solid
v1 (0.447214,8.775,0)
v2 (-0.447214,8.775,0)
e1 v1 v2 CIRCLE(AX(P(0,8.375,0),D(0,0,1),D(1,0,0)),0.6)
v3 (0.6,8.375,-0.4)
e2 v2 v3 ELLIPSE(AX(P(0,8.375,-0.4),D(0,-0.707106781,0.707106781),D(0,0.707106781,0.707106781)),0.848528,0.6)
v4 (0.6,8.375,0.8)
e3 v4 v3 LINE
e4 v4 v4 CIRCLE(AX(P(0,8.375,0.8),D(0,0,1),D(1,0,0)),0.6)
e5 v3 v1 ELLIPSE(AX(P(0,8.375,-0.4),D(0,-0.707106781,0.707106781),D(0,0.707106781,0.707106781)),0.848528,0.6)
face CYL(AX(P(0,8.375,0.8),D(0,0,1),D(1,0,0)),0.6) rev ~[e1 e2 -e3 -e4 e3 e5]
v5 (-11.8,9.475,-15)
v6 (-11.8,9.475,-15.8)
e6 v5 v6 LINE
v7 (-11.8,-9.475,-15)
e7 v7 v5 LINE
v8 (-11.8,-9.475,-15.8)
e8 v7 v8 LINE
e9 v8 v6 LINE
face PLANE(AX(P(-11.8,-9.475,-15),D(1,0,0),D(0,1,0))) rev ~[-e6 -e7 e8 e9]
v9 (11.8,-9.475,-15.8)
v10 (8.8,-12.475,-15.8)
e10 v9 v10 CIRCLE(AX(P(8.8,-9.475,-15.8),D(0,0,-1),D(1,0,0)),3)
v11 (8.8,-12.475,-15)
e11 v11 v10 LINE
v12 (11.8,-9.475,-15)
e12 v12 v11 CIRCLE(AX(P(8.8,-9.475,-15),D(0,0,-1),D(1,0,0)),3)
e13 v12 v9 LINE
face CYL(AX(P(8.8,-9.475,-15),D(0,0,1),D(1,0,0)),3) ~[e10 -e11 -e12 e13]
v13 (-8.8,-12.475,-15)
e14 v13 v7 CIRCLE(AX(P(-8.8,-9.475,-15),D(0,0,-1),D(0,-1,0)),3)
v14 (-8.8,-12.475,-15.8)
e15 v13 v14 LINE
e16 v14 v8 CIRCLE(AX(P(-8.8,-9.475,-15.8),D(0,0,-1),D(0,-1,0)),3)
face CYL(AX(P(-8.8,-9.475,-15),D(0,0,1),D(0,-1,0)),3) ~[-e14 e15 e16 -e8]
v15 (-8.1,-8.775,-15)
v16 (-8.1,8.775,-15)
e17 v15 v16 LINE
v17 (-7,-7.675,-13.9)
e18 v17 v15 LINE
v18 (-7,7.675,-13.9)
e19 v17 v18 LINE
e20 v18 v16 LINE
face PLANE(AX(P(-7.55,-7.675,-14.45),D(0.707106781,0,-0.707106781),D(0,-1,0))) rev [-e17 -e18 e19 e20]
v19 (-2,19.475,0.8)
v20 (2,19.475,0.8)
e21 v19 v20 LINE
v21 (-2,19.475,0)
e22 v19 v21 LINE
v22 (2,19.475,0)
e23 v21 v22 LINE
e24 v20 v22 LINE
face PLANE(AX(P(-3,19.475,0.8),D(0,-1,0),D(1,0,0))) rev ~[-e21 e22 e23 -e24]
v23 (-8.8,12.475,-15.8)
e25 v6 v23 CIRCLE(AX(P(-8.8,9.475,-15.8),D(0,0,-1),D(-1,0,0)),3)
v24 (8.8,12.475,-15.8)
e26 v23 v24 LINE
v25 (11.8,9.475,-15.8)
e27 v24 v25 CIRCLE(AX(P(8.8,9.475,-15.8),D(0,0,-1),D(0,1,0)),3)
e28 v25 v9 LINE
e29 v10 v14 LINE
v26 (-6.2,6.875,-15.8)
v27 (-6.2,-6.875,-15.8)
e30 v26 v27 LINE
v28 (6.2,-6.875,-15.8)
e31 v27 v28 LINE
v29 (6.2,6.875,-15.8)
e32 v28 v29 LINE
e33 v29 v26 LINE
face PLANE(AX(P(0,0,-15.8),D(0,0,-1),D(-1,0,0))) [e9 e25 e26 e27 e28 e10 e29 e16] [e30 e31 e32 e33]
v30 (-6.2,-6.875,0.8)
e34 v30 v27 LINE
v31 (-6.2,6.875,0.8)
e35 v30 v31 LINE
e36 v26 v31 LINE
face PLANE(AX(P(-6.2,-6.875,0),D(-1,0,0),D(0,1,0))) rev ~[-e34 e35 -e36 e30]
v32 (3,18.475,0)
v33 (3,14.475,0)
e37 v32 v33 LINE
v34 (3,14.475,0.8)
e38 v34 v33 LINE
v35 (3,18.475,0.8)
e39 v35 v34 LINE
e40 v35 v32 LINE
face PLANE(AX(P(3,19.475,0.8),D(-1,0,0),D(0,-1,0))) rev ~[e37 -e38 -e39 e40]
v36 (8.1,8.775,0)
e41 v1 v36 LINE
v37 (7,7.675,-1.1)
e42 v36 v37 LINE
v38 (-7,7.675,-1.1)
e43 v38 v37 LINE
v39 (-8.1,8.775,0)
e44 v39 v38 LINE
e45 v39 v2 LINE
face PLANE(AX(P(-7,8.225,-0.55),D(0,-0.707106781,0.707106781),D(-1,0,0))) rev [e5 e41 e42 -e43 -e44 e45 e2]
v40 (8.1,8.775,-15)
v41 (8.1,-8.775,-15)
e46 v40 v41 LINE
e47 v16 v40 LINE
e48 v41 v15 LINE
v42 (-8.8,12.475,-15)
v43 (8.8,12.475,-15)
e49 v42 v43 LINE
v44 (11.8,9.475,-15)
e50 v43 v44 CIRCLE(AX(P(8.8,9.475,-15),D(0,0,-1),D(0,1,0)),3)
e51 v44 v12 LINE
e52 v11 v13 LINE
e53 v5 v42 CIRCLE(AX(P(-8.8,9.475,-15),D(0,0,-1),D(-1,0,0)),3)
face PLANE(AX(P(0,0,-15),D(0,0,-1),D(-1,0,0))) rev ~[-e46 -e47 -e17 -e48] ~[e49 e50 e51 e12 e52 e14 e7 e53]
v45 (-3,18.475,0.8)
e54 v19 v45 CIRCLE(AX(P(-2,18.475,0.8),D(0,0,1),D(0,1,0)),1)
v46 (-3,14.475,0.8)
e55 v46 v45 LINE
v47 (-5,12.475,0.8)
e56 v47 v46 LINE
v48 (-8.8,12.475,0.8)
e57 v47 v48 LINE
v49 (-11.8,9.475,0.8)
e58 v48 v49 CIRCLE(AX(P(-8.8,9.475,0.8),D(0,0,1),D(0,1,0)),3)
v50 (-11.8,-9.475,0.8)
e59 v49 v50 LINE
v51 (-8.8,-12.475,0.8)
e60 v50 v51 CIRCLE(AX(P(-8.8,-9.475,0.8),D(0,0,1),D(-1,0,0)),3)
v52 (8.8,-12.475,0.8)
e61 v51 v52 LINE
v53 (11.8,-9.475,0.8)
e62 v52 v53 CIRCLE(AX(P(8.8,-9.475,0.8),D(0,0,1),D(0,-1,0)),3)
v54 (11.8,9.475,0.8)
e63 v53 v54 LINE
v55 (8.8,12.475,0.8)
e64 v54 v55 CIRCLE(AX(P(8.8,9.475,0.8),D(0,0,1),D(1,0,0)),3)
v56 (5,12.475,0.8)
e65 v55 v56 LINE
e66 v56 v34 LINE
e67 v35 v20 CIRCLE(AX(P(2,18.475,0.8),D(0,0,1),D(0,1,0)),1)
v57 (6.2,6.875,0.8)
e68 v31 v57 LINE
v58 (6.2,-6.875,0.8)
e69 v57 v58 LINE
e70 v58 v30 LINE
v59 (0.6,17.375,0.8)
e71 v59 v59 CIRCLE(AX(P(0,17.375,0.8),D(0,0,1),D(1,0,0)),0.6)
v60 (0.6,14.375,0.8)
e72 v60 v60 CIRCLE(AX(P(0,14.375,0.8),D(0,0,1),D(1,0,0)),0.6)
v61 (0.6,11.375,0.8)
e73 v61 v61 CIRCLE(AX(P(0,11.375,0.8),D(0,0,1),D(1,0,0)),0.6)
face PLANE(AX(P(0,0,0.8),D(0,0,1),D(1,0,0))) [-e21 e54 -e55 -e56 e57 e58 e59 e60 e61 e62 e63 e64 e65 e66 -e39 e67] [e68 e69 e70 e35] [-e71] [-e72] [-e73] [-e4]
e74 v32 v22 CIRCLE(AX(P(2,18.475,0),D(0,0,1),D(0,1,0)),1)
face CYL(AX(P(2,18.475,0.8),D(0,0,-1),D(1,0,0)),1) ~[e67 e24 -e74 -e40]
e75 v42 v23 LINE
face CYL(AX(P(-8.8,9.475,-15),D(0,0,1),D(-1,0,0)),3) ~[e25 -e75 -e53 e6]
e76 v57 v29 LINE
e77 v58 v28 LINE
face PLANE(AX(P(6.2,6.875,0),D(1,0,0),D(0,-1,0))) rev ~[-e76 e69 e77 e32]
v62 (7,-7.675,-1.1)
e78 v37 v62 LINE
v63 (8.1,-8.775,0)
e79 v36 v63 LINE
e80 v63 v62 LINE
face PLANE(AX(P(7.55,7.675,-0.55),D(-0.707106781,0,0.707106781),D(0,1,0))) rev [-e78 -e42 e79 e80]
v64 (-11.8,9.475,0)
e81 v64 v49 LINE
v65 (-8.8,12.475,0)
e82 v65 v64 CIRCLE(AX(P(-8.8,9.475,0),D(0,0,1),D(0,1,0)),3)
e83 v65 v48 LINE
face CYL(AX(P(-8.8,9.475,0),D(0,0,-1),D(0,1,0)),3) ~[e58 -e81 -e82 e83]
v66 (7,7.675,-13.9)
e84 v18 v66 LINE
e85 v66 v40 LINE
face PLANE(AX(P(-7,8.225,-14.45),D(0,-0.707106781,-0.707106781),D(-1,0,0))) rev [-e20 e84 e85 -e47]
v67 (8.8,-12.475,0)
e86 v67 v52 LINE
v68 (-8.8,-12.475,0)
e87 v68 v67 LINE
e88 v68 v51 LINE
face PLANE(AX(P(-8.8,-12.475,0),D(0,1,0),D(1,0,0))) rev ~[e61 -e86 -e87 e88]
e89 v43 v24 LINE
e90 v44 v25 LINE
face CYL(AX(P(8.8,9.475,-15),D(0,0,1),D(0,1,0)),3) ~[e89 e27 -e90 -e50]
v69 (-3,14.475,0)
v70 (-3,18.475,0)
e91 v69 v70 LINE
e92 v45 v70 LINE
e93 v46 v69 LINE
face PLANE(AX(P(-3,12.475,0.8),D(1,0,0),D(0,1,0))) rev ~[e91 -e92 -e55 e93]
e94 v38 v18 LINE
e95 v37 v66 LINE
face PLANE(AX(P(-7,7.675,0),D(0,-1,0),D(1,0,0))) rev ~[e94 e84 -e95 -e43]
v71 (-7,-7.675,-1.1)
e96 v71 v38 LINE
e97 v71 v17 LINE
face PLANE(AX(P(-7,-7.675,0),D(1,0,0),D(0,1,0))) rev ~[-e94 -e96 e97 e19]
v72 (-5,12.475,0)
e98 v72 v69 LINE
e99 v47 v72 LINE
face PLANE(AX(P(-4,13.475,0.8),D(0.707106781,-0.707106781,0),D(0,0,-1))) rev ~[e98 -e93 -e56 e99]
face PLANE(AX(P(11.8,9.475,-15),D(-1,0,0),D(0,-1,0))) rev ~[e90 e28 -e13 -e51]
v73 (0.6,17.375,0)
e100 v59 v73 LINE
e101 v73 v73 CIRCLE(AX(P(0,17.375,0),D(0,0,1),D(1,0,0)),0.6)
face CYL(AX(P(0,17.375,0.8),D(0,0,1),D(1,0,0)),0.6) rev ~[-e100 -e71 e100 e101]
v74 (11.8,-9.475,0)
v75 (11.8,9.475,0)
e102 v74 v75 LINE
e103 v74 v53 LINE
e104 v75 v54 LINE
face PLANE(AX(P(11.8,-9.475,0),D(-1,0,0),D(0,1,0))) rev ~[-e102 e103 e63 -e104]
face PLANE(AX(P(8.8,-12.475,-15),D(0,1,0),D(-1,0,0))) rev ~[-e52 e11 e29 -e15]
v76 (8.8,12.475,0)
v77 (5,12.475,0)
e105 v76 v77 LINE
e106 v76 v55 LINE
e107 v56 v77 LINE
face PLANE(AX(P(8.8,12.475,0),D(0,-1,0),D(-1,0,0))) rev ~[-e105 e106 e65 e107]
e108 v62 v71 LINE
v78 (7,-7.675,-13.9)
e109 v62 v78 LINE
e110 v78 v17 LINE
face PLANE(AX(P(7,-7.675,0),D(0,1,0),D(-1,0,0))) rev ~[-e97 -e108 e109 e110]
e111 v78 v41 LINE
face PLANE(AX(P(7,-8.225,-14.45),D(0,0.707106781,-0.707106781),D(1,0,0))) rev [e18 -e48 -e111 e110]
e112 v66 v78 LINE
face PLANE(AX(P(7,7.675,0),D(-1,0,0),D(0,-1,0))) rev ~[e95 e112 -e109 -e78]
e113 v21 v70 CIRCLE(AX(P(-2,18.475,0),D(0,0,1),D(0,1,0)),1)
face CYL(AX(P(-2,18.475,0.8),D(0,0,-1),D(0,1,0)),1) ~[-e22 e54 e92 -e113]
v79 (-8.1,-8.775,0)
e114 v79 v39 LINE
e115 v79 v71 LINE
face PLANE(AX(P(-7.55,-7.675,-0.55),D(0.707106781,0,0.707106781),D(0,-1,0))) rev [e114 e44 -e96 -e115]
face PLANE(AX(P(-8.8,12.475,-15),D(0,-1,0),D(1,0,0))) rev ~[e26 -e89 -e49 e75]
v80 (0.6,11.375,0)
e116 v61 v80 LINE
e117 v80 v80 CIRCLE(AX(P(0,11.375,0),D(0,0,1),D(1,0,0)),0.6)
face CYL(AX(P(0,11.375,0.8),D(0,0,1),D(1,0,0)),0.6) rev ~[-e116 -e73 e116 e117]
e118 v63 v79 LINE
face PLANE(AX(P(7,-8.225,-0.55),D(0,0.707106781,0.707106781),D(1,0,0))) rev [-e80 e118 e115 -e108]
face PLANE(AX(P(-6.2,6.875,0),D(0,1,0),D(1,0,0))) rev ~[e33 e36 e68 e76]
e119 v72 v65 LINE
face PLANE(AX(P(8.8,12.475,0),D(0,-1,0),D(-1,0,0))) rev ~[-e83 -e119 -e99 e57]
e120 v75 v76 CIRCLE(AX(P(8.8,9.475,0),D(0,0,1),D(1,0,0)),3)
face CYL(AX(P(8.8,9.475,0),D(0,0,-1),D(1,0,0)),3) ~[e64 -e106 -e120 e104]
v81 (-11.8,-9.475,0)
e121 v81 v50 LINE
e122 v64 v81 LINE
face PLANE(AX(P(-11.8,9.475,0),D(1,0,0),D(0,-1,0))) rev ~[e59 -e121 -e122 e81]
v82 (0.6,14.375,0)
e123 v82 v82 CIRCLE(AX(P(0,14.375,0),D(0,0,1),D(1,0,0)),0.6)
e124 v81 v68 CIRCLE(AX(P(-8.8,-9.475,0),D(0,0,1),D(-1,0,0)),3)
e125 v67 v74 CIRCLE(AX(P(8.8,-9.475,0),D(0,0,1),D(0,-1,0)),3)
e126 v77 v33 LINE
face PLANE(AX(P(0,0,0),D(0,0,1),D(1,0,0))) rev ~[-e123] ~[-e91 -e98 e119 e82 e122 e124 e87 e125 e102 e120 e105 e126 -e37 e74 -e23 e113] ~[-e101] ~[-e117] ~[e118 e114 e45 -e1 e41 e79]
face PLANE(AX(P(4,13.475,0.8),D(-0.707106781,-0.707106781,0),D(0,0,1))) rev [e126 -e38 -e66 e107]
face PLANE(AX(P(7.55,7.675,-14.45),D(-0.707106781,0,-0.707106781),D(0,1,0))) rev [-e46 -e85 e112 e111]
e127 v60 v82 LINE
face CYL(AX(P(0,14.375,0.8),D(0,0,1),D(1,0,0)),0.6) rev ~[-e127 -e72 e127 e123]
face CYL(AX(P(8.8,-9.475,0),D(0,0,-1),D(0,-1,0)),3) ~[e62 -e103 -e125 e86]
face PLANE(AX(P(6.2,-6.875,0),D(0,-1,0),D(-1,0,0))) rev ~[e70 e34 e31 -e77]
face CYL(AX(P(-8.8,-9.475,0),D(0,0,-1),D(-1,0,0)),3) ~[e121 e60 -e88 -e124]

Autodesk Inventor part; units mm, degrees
ref_plane "YZ Plane" through (0, 0, 0) normal (1, 0, 0) x (0, 1, 0)
ref_plane "XZ Plane" through (0, 0, 0) normal (0, 1, 0) x (-1, 0, 0)
ref_plane "XY Plane" through (0, 0, 0) normal (0, 0, 1) x (1, 0, 0)
sketch "Sketch1" plane through (0, 0, 0) normal (0, 0, 1) x (1, 0, 0)
  line L0 (-6.2, 6.875) -> (6.2, 6.875)
  line L1 (6.2, 6.875) -> (6.2, -6.875)
  line L2 (6.2, -6.875) -> (-6.2, -6.875)
  line L3 (-6.2, -6.875) -> (-6.2, 6.875)
  line L4 (8.8, 12.475) -> (-8.8, 12.475)
  line L5 (-11.8, 9.475) -> (-11.8, -9.475)
  line L6 (-8.8, -12.475) -> (8.8, -12.475)
  line L7 (11.8, -9.475) -> (11.8, 9.475)
  arc A0 (-8.8, 12.475) -> (-11.8, 9.475) centre (-8.8, 9.475) ccw
  arc A1 (11.8, 9.475) -> (8.8, 12.475) centre (8.8, 9.475) ccw
  arc A2 (8.8, -12.475) -> (11.8, -9.475) centre (8.8, -9.475) ccw
  arc A3 (-11.8, -9.475) -> (-8.8, -12.475) centre (-8.8, -9.475) ccw
  point P0 (0, 0)
  dimension "d0" = 12.4
  dimension "d1" = 13.75
  dimension "d2" = 5.6
  dimension "d3" = 3
  dimension "d4" = 6.875
  dimension "d5" = 6.2
  dimension "d16" = 23.6
  dimension "d17" = 24.95
extrude "Extrusion1" add sketch "Sketch1" along normal blind 0.8
sketch "Sketch3" plane through (0, 0, 0) normal (0, 0, -1) x (-1, 0, 0)
  line L0 (-6.2, -6.875) -> (-6.2, 6.875) projected
  line L1 (-6.2, 6.875) -> (6.2, 6.875) projected
  line L2 (6.2, 6.875) -> (6.2, -6.875) projected
  line L3 (6.2, -6.875) -> (-6.2, -6.875) projected
  line L4 (8.8, 12.475) -> (-8.8, 12.475) projected
  arc A0 (-8.8, 12.475) -> (-11.8, 9.475) centre (-8.8, 9.475) ccw projected
  line L5 (-11.8, 9.475) -> (-11.8, -9.475) projected
  arc A1 (-11.8, -9.475) -> (-8.8, -12.475) centre (-8.8, -9.475) ccw projected
  line L6 (-8.8, -12.475) -> (8.8, -12.475) projected
  arc A2 (8.8, -12.475) -> (11.8, -9.475) centre (8.8, -9.475) ccw projected
  line L7 (11.8, -9.475) -> (11.8, 9.475) projected
  arc A3 (11.8, 9.475) -> (8.8, 12.475) centre (8.8, 9.475) ccw projected
  line L8 (7, -7.675) -> (7, 7.675)
  line L9 (7, 7.675) -> (-7, 7.675)
  line L10 (-7, 7.675) -> (-7, -7.675)
  line L11 (-7, -7.675) -> (7, -7.675)
  point P0 (0, 0)
  dimension "d11" = 0.8
extrude "Extrusion2" add sketch "Sketch3" along normal blind 15 contours L11 L10 L9 L8
sketch "Sketch4" plane through (0, 0, -15) normal (0, 0, -1) x (-1, 0, 0)
  line L0 (7, -7.675) -> (-7, -7.675) projected
  line L1 (-7, -7.675) -> (-7, 7.675) projected
  line L2 (-7, 7.675) -> (7, 7.675) projected
  line L3 (7, 7.675) -> (7, -7.675) projected
  line L4 (8.8, 12.475) -> (-8.8, 12.475) projected
  arc A0 (-8.8, 12.475) -> (-11.8, 9.475) centre (-8.8, 9.475) ccw projected
  line L5 (-11.8, 9.475) -> (-11.8, -9.475) projected
  arc A1 (-11.8, -9.475) -> (-8.8, -12.475) centre (-8.8, -9.475) ccw projected
  line L6 (-8.8, -12.475) -> (8.8, -12.475) projected
  arc A2 (8.8, -12.475) -> (11.8, -9.475) centre (8.8, -9.475) ccw projected
  line L7 (11.8, -9.475) -> (11.8, 9.475) projected
  arc A3 (11.8, 9.475) -> (8.8, 12.475) centre (8.8, 9.475) ccw projected
  line L8 (-6.2, 6.875) -> (6.2, 6.875) projected
  line L9 (6.2, 6.875) -> (6.2, -6.875) projected
  line L10 (6.2, -6.875) -> (-6.2, -6.875) projected
  line L11 (-6.2, -6.875) -> (-6.2, 6.875) projected
  line L12 (7, -7.675) -> (7, 7.675) projected
  line L13 (7, 7.675) -> (-7, 7.675) projected
  line L14 (-7, 7.675) -> (-7, -7.675) projected
  line L15 (-7, -7.675) -> (7, -7.675) projected
  point P0 (0, 0)
extrude "Extrusion3" add sketch "Sketch4" along normal blind 0.8 contours L0 L1 L2 L3 | A3 L7 A2 L6 A1 L5 A0 L4
chamfer "Chamfer1" distance 1.1 angle 45 8 edges at (7, 0, 0) (0, -7.675, 0) (0, 7.675, 0) (-7, 0, 0) (-7, 0, -15) (0, 7.675, -15) (0, -7.675, -15) (7, 0, -15)
sketch "Sketch5" plane through (0, 0, 0.8) normal (0, 0, 1) x (1, 0, 0)
  circle A0 centre (0, 8.375) radius 0.6
  line L0 (-6.2, 6.875) -> (6.2, 6.875) projected
  line L1 (11.8, -9.475) -> (11.8, 9.475) projected
  line L2 (-11.8, 9.475) -> (-11.8, -9.475) projected
  line L3 (6.2, 6.875) -> (6.2, -6.875) projected
  line L4 (6.2, -6.875) -> (-6.2, -6.875) projected
  line L5 (-6.2, -6.875) -> (-6.2, 6.875) projected
  line L6 (-6.2, 6.875) -> (6.2, 6.875) projected
  line L7 (8.8, 12.475) -> (-8.8, 12.475) projected
  arc A1 (-8.8, 12.475) -> (-11.8, 9.475) centre (-8.8, 9.475) ccw projected
  line L8 (-11.8, 9.475) -> (-11.8, -9.475) projected
  arc A2 (-11.8, -9.475) -> (-8.8, -12.475) centre (-8.8, -9.475) ccw projected
  line L9 (-8.8, -12.475) -> (8.8, -12.475) projected
  arc A3 (8.8, -12.475) -> (11.8, -9.475) centre (8.8, -9.475) ccw projected
  line L10 (11.8, -9.475) -> (11.8, 9.475) projected
  arc A4 (11.8, 9.475) -> (8.8, 12.475) centre (8.8, 9.475) ccw projected
  line L11 (-8.8, 12.475) -> (8.8, 12.475) projected
  line L12 (3, 12.475) -> (-3, 12.475)
  line L13 (-3, 12.475) -> (-3, 19.475)
  line L14 (-3, 19.475) -> (3, 19.475)
  line L15 (3, 19.475) -> (3, 12.475)
  circle A5 centre (0, 11.375) radius 0.6
  circle A6 centre (0, 14.375) radius 0.6
  circle A7 centre (0, 17.375) radius 0.6
  point P0 (0, 0)
  dimension "d21" = 1.2
  dimension "d22" = 1.5
  dimension "d23" = 11.8
  dimension "d24" = 23.6
  dimension "d27" = 6
  dimension "d28" = 7
  dimension "d29" = 8.8
  dimension "d32" = 3
extrude "Extrusion4" add sketch "Sketch5" against normal up to surface (0.8 mm away) contours L7 L13 L14 L15
chamfer "Chamfer2" distance 2 angle 45 2 edges at (-3, 12.475, 0.4) (3, 12.475, 0.4)
extrude "Extrusion5" cut sketch "Sketch5" against normal blind 10 contours A0 | A5
fillet "Fillet1" radius 1 2 edges at (-3, 19.475, 0.4) (3, 19.475, 0.4)
equation "\"d4\" = 0.5 * d1"
equation "\"d5\" = 0.5 * d0"
equation "\"d23\" = 0.5 * d24"
equation "\"d29\" = -0.5 * d27 + 0.5 * d24"
properties part number "3DP_ABS_Electromagnet_Coil_Holder" material "ABS Plastic"
